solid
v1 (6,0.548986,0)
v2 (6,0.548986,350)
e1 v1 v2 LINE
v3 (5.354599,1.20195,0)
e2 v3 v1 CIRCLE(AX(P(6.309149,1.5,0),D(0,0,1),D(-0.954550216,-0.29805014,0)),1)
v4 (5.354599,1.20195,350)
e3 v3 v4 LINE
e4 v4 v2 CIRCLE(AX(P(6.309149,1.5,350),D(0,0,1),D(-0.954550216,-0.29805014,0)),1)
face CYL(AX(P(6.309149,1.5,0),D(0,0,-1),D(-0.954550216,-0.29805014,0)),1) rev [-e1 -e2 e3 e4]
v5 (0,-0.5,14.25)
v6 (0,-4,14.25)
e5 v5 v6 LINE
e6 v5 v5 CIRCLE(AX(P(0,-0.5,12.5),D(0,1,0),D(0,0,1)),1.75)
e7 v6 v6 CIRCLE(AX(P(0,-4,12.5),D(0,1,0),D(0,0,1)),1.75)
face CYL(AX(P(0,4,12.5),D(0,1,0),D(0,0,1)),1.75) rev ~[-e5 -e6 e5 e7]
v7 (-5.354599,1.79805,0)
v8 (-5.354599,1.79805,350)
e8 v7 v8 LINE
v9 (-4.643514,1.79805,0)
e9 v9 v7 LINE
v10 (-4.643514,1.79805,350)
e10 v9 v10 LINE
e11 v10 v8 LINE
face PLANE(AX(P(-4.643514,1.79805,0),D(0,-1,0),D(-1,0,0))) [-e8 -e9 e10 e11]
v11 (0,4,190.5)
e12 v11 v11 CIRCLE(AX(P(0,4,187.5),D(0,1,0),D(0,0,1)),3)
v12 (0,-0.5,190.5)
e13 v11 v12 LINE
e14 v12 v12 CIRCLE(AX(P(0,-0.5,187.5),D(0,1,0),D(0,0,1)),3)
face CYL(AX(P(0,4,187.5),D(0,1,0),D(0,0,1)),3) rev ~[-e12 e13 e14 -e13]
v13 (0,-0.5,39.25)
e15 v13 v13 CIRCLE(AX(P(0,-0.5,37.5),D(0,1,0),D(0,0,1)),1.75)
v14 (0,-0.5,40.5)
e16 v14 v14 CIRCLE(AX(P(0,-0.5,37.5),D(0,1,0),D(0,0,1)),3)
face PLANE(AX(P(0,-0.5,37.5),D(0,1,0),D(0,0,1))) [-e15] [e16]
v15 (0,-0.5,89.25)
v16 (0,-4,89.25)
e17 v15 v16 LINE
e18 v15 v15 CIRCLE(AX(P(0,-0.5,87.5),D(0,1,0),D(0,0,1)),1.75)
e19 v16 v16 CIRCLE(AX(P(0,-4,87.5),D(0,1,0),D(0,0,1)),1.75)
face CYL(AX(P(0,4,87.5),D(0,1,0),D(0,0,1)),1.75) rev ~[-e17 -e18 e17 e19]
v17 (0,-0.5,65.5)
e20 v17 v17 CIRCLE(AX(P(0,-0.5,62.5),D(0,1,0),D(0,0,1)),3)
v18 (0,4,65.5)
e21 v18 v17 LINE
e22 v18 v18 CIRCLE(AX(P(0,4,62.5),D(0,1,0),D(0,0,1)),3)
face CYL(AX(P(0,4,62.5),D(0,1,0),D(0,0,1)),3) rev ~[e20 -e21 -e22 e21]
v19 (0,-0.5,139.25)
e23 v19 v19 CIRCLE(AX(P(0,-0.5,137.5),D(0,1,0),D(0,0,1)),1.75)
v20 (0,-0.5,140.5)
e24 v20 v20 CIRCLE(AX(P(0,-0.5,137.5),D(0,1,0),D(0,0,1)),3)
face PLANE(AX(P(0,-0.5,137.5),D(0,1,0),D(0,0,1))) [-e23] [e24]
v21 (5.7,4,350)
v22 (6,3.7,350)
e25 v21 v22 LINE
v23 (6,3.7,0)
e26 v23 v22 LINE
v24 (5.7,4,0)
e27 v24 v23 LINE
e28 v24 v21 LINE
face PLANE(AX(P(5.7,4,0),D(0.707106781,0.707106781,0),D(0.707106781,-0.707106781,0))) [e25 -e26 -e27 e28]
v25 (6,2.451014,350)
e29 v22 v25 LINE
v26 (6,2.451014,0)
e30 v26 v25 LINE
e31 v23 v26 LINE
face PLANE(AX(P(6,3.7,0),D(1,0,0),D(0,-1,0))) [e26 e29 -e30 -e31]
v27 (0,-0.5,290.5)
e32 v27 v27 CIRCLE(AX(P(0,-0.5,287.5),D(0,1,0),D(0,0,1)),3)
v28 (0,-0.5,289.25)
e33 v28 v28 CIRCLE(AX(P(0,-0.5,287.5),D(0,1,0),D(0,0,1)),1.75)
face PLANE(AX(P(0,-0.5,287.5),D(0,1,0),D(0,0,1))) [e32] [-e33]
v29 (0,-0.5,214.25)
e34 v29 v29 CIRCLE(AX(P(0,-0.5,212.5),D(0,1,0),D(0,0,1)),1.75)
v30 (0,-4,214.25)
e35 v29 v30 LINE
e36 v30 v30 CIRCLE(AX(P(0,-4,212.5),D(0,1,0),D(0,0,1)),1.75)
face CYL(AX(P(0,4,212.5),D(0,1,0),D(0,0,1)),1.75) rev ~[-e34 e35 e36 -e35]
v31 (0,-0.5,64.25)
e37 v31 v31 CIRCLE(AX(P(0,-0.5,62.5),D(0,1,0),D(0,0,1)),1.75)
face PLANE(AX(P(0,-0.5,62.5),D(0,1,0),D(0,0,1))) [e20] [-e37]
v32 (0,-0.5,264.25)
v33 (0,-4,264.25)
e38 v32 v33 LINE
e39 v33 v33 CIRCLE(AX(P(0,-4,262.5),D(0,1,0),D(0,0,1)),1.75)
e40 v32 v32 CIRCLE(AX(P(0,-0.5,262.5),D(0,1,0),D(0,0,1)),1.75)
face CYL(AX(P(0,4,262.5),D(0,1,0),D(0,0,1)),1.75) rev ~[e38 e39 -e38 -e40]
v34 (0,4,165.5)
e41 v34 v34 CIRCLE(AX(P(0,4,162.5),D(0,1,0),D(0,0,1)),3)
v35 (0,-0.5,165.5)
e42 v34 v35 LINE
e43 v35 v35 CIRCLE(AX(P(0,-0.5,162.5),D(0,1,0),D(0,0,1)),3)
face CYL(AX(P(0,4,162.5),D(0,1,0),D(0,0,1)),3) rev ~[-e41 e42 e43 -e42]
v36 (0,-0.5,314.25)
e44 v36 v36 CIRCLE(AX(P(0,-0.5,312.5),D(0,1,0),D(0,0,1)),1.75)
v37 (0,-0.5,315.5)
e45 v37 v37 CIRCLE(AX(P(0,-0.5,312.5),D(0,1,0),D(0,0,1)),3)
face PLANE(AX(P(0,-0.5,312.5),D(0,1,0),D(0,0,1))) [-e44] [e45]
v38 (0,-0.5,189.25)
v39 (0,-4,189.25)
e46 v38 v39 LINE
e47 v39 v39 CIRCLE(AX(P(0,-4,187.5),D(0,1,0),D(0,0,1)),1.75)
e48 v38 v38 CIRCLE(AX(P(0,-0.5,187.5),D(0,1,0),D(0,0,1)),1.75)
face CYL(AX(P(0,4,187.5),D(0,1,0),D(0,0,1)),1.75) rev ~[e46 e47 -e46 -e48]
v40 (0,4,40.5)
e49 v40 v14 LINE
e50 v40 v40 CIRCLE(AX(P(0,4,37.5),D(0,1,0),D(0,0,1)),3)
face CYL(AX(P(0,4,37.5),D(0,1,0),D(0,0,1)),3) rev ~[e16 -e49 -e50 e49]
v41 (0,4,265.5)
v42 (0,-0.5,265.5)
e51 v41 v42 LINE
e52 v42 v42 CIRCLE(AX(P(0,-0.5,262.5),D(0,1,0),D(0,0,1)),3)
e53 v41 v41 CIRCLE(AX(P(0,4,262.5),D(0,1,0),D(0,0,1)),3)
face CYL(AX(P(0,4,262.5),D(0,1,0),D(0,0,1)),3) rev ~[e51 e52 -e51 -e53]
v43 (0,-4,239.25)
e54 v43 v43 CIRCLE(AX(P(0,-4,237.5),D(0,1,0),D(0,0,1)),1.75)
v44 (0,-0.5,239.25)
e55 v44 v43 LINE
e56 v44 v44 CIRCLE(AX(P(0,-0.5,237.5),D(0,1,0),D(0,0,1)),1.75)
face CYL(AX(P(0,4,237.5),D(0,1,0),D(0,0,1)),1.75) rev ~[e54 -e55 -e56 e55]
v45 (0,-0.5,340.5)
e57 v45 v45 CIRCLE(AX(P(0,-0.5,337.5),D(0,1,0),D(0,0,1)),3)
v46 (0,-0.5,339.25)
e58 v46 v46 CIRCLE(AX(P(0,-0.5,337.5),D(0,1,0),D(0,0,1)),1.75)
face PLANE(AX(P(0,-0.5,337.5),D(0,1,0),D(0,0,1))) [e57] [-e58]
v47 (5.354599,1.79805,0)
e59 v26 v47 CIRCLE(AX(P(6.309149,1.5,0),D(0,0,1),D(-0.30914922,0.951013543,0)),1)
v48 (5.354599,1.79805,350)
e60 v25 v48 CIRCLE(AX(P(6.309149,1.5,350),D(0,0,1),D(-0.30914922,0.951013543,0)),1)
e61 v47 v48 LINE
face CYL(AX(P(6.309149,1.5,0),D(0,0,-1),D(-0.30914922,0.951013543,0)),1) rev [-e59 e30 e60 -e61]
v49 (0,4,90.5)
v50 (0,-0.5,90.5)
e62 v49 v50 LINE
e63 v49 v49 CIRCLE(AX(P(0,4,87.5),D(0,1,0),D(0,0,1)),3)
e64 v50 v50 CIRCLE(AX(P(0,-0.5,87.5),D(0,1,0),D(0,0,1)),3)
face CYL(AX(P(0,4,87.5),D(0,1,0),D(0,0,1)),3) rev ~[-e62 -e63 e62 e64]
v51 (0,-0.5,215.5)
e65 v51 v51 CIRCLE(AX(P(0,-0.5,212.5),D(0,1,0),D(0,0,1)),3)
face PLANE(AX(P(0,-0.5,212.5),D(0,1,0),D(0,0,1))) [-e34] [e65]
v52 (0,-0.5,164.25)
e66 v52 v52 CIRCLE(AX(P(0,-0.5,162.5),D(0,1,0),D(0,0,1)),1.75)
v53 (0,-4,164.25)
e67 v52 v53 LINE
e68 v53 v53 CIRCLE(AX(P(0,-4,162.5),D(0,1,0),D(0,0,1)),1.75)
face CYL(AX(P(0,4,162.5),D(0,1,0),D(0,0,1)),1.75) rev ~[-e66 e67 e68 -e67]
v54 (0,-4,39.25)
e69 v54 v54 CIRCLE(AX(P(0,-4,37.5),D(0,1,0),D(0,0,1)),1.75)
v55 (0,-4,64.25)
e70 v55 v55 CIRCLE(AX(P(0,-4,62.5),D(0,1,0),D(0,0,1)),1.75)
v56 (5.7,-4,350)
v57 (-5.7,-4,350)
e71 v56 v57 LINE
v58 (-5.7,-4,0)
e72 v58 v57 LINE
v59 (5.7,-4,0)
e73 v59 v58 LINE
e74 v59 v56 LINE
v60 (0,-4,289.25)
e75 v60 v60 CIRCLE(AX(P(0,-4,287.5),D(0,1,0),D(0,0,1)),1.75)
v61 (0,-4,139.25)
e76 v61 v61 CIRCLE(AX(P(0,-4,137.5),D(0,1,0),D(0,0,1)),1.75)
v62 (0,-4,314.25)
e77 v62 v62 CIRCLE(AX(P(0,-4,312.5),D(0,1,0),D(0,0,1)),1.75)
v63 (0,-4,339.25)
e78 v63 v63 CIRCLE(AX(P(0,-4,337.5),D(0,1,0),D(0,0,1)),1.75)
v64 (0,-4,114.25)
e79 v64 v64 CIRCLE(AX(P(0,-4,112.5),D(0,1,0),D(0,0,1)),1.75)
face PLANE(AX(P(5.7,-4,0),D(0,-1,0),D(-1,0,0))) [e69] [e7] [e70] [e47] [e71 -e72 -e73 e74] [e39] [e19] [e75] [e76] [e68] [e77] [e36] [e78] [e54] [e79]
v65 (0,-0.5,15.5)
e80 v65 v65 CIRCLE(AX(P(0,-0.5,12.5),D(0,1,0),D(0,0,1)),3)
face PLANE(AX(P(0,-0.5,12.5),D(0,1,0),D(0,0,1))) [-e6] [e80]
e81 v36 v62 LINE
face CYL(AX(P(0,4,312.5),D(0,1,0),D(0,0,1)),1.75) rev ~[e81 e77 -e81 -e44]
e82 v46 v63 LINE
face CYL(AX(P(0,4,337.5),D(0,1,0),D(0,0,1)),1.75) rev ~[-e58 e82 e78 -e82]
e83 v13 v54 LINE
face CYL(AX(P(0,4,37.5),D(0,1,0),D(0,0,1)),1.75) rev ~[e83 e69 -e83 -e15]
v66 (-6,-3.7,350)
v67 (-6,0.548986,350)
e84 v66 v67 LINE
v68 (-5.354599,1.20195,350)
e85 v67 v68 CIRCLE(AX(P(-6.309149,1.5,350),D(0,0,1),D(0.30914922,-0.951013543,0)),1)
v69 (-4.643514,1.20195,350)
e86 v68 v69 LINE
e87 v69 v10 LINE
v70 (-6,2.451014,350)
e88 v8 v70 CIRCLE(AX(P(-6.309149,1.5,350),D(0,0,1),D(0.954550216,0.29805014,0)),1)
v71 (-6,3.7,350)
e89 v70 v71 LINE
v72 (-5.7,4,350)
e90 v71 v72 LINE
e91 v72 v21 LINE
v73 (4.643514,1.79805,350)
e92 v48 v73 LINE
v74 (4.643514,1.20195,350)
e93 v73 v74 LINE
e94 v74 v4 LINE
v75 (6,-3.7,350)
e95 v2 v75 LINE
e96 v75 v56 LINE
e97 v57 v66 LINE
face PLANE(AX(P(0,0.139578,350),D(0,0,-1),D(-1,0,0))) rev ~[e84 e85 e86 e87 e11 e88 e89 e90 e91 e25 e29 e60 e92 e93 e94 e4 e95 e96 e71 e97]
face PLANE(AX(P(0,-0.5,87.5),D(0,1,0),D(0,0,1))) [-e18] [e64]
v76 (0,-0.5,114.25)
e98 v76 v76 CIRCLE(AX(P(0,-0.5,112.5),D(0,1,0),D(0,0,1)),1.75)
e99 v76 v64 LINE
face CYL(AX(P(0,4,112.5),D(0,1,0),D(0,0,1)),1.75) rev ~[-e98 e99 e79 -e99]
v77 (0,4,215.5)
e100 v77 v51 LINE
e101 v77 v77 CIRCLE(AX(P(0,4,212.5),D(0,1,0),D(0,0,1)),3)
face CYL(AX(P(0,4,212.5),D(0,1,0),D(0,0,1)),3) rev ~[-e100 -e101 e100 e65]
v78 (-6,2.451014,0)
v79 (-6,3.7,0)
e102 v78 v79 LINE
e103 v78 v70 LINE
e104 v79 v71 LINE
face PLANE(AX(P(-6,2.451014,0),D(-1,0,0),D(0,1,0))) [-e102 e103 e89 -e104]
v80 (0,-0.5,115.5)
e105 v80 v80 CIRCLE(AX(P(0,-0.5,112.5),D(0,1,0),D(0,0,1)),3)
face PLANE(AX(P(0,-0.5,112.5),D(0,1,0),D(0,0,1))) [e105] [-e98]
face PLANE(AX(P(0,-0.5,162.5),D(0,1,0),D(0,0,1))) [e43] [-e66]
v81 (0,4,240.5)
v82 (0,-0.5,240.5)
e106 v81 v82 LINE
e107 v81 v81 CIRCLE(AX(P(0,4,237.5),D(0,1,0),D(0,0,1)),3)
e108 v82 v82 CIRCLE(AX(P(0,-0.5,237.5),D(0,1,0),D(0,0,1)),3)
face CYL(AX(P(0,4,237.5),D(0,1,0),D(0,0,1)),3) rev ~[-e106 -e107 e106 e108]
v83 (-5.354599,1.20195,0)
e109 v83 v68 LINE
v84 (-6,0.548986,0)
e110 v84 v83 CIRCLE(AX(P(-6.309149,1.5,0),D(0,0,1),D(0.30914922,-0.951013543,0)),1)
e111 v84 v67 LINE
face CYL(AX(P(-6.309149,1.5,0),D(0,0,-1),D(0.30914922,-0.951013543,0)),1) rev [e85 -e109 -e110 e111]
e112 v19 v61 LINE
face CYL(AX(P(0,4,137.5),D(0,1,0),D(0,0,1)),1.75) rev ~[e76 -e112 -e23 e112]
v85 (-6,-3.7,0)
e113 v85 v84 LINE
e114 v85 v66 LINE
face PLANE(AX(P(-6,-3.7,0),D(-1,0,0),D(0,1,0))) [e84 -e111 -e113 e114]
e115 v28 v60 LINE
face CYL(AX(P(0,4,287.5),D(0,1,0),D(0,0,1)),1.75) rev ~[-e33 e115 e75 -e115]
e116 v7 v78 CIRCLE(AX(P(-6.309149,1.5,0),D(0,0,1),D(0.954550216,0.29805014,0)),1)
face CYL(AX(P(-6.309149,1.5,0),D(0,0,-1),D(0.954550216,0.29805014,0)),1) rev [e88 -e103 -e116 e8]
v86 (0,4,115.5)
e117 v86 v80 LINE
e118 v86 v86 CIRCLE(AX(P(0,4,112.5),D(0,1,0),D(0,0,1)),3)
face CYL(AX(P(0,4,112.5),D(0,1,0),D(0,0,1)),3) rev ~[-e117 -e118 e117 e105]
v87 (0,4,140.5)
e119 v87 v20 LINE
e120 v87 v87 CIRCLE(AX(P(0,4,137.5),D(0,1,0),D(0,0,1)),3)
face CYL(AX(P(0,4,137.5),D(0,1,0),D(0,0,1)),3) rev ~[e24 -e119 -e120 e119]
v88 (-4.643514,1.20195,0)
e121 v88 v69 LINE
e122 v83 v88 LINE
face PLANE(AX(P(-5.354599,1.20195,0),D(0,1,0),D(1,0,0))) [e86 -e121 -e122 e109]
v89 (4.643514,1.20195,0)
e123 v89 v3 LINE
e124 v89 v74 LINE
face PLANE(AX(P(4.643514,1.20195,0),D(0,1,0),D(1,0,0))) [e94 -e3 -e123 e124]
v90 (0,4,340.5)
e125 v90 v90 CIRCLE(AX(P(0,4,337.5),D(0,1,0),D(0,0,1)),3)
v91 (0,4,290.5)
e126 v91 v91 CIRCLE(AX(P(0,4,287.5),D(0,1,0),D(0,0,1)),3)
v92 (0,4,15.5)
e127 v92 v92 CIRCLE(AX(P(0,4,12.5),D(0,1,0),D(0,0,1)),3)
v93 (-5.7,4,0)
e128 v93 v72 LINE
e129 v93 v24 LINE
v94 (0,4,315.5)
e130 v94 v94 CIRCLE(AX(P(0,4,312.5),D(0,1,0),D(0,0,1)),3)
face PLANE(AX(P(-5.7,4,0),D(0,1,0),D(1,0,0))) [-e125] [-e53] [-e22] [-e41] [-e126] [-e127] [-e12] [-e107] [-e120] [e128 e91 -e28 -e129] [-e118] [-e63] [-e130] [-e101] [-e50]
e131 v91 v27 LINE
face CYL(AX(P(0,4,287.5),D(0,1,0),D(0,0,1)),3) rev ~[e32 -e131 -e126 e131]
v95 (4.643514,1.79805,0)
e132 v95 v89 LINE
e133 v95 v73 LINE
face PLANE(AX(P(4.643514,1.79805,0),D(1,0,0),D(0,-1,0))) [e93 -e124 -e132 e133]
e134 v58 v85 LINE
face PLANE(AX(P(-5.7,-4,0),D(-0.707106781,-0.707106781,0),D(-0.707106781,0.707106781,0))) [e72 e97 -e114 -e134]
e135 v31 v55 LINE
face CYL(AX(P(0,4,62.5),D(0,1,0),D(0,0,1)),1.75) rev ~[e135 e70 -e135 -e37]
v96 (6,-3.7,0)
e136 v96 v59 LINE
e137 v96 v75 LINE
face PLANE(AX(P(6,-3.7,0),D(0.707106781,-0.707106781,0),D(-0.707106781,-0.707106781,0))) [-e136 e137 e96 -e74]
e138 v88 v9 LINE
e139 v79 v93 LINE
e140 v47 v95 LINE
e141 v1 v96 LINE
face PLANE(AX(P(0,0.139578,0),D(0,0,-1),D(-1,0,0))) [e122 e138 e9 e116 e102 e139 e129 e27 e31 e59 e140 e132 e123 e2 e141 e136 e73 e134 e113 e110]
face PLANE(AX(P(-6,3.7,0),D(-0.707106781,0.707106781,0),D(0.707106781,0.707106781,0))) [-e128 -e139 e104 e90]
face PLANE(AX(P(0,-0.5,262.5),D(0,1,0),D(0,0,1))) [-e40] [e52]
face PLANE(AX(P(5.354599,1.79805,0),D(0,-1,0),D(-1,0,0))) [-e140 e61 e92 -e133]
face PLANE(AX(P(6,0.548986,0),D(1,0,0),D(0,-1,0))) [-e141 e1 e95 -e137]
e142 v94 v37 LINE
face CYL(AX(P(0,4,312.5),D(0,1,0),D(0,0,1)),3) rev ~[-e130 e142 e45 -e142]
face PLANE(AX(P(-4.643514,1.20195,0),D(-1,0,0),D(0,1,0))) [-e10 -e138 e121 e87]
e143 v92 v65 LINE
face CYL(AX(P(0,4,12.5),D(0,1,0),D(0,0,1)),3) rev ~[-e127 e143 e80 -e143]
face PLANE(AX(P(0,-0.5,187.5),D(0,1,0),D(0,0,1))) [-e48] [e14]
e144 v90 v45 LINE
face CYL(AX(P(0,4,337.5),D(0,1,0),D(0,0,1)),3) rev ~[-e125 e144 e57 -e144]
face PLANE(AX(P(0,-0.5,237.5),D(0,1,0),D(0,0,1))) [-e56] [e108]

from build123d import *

# Parameters (mm, degrees)
EXTRUSION1_DEPTH       = 350
SKETCH_2_R             = 3
SKETCH_2_R_2           = 1.75
CUT_EXTRUDE_1_DEPTH    = 4.5
SKETCH_2_2_R           = 1.75
CUT_EXTRUDE_2_DEPTH    = 351.142828
PATTERN_LINEAR_1_COUNT = 14
PATTERN_LINEAR_1_PITCH = 25


with BuildPart() as part:
    # Эскиз1 → Extrusion1 (new body)
    with BuildSketch(Plane.XY):
        with BuildLine():
            Line((-6, 3.7), (-5.7, 4))
            Line((-5.7, 4), (5.7, 4))
            Line((5.7, 4), (6, 3.7))
            Line((6, 3.7), (6, 2.451013544))
            ThreePointArc((6, 2.451013544), (5.597935912, 2.202976267), (5.354599002, 1.798050138))
            Line((5.354599002, 1.798050138), (4.643514056, 1.798050138))
            Line((4.643514056, 1.798050138), (4.643514056, 1.201949862))
            Line((4.643514056, 1.201949862), (5.354599002, 1.201949862))
            ThreePointArc((5.354599002, 1.201949862), (5.597935912, 0.797023733), (6, 0.548986456))
            Line((6, 0.548986456), (6, -3.7))
            Line((6, -3.7), (5.7, -4))
            Line((5.7, -4), (-5.7, -4))
            Line((-5.7, -4), (-6, -3.7))
            Line((-6, -3.7), (-6, 0.548986456))
            ThreePointArc((-6, 0.548986456), (-5.597935912, 0.797023733), (-5.354599002, 1.201949862))
            Line((-5.354599002, 1.201949862), (-4.643514056, 1.201949862))
            Line((-4.643514056, 1.201949862), (-4.643514056, 1.798050138))
            Line((-4.643514056, 1.798050138), (-5.354599002, 1.798050138))
            ThreePointArc((-5.354599002, 1.798050138), (-5.597935912, 2.202976267), (-6, 2.451013544))
            Line((-6, 2.451013544), (-6, 3.7))
        make_face()
    extrude(amount=EXTRUSION1_DEPTH)

    # Эскиз2 → Вырез-Вытянуть1 (cut)
    with BuildSketch(Plane(origin=(0, 4, 0), x_dir=(1, 0, 0), z_dir=(0, 1, 0))):
        with Locations((0, -12.5)):
            Circle(SKETCH_2_R)
        with Locations((0, -12.5)):
            Circle(SKETCH_2_R_2, mode=Mode.SUBTRACT)
    cut_extrude_1 = extrude(amount=-CUT_EXTRUDE_1_DEPTH, mode=Mode.SUBTRACT)

    # Эскиз2<2> → Вырез-Вытянуть2 (cut, through all)
    with BuildSketch(Plane(origin=(0, 4, 0), x_dir=(1, 0, 0), z_dir=(0, 1, 0))):
        with Locations((0, -12.5)):
            Circle(SKETCH_2_2_R)
    cut_extrude_2 = extrude(amount=-CUT_EXTRUDE_2_DEPTH, mode=Mode.SUBTRACT)

    # Линейный массив1: Вырез-Вытянуть1, Вырез-Вытянуть2 ×14
    with Locations(*[(0, 0, i * PATTERN_LINEAR_1_PITCH) for i in range(1, PATTERN_LINEAR_1_COUNT)]):
        add(cut_extrude_1, mode=Mode.SUBTRACT)
        add(cut_extrude_2, mode=Mode.SUBTRACT)


solid = part.part
